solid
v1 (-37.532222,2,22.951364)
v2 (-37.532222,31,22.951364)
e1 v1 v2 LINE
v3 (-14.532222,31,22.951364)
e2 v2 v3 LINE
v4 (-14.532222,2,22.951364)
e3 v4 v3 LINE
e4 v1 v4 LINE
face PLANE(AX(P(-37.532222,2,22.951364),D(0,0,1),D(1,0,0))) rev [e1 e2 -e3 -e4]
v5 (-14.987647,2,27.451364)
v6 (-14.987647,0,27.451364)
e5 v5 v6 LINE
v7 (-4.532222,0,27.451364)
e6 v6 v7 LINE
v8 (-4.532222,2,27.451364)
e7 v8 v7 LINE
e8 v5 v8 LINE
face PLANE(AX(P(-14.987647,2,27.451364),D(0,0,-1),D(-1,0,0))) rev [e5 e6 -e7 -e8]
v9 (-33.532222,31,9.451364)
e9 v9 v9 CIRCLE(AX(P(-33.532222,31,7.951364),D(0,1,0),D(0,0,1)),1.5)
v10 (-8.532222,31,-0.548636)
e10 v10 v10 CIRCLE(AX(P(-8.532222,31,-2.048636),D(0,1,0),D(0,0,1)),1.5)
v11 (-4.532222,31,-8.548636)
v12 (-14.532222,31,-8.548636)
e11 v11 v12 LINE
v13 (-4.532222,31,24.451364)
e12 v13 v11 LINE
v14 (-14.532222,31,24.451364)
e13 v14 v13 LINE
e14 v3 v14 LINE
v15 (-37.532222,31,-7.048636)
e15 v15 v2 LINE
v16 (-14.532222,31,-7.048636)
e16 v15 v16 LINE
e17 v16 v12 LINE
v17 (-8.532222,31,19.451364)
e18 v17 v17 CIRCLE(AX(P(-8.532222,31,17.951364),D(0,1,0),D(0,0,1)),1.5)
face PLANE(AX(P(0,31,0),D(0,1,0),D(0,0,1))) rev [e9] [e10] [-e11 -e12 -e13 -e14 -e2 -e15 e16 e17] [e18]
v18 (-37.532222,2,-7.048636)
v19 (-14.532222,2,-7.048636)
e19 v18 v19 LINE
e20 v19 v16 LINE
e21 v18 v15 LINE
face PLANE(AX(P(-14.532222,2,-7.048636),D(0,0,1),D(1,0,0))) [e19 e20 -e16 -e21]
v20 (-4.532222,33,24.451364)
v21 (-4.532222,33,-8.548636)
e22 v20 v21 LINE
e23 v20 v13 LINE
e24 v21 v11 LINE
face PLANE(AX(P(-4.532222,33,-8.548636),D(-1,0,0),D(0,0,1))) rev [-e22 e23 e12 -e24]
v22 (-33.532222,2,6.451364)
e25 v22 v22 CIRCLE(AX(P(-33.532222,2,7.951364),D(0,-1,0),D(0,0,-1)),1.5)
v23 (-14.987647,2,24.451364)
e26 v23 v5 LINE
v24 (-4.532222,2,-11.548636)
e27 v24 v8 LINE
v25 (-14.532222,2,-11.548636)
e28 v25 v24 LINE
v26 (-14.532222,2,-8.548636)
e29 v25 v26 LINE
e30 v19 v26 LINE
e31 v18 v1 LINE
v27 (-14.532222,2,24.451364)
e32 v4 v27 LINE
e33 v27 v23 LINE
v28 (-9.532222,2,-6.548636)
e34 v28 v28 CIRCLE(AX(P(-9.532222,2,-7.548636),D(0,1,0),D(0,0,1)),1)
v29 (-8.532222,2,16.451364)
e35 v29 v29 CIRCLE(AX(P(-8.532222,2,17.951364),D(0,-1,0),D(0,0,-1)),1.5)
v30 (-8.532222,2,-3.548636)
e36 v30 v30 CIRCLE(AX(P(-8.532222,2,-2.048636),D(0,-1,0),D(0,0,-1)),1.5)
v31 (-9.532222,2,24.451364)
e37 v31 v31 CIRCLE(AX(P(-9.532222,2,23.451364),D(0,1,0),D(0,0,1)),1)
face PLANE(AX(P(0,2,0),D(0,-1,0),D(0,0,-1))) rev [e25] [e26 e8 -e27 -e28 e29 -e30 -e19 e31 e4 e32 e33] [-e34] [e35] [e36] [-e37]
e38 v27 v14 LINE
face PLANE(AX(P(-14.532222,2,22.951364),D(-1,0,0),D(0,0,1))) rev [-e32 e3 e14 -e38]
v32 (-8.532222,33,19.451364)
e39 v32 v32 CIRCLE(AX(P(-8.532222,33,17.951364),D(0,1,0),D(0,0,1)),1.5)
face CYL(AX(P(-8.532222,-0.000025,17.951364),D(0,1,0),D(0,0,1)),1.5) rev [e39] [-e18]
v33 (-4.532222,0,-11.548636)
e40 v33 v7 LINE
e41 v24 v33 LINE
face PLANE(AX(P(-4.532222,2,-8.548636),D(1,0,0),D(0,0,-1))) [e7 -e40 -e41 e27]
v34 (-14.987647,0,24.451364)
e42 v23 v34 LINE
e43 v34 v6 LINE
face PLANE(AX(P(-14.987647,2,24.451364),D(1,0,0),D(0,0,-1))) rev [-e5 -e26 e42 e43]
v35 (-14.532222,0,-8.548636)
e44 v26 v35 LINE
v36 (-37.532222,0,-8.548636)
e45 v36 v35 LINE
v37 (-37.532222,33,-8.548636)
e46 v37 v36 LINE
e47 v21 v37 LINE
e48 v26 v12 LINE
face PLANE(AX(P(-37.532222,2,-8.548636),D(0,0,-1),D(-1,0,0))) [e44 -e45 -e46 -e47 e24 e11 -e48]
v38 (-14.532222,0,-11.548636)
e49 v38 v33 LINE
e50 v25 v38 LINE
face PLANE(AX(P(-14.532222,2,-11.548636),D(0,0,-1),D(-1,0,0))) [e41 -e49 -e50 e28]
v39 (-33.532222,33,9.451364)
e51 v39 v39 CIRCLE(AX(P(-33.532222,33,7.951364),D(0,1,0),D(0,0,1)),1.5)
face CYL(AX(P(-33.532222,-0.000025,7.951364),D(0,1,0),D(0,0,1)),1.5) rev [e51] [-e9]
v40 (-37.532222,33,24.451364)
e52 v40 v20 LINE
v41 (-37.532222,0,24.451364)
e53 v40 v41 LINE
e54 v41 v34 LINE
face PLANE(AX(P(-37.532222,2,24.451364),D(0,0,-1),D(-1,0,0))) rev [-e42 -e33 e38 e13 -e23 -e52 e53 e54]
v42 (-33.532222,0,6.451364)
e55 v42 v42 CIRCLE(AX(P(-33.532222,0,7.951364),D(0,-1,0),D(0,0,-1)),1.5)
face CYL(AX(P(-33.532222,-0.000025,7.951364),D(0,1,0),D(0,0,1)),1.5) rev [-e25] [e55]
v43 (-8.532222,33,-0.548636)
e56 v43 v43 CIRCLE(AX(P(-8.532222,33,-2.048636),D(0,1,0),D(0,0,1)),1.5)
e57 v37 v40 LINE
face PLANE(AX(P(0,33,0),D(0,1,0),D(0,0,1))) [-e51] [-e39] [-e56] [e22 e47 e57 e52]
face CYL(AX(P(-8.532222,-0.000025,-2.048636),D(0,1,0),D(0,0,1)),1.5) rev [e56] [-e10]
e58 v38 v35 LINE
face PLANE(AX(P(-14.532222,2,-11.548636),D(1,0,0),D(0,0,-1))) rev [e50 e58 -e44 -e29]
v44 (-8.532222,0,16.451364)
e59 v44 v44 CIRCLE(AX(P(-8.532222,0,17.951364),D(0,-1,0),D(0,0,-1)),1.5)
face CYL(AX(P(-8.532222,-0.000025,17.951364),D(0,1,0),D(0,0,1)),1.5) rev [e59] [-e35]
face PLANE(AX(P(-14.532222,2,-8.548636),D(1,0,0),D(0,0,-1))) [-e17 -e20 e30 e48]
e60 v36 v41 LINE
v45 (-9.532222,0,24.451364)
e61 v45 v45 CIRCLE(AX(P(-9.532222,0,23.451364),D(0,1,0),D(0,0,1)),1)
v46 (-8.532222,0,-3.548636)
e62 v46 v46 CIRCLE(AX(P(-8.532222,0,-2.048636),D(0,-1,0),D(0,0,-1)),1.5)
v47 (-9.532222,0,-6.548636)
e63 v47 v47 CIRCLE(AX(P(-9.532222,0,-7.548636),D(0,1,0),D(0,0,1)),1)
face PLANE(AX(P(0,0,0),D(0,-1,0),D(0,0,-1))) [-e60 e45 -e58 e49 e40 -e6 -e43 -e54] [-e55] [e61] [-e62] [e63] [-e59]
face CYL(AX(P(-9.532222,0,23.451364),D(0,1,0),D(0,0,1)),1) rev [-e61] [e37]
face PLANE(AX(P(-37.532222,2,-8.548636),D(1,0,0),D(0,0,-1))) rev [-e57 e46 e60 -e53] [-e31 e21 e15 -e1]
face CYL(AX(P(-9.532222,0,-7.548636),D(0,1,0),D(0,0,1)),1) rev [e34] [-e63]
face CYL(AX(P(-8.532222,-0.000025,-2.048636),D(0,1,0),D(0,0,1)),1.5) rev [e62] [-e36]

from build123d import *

# Parameters (mm, degrees)
SKETCH1_W           = 10.455425194
SKETCH1_H           = 3
SKETCH1_W_2         = 10
BOSS_EXTRUDE1_DEPTH = 2
SKETCH2_R           = 1
CUT_EXTRUDE2_DEPTH  = 47.542938032
BOSS_EXTRUDE3_DEPTH = 29
SKETCH3_W           = 33
SKETCH3_H           = 33
BOSS_EXTRUDE4_DEPTH = 2
SKETCH4_R           = 1.5
CUT_EXTRUDE4_DEPTH  = 58.019690289


with BuildPart() as part:
    # Sketch1 → Boss-Extrude1 (new body)
    with BuildSketch(Plane(origin=(0, 0, 0), x_dir=(1, 0, 0), z_dir=(0, 1, 0))):
        Polygon((-37.532221957, -24.451364186), (-14.987647151, -24.451364186), (-4.532221957, -24.451364186), (-4.532221957, 8.548635814), (-14.532221957, 8.548635814), (-37.532221957, 8.548635814), align=None)
        with Locations((-9.759934554, -25.951364186)):
            Rectangle(SKETCH1_W, SKETCH1_H)
        with Locations((-9.532221957, 10.048635814)):
            Rectangle(SKETCH1_W_2, SKETCH1_H)
    extrude(amount=BOSS_EXTRUDE1_DEPTH)

    # Sketch2 → Cut-Extrude2 (cut, through all)
    with BuildSketch(Plane(origin=(0, 2, 0), x_dir=(1, 0, 0), z_dir=(0, 1, 0))):
        with Locations(Location((-9.532221957, 7.548635814, 0), (0, 0, 270))):
            Circle(SKETCH2_R)
        with Locations(Location((-9.532221957, -23.451364186, 0), (0, 0, 270))):
            Circle(SKETCH2_R)
    extrude(amount=-CUT_EXTRUDE2_DEPTH, mode=Mode.SUBTRACT)

    # 3DSketch1 → Boss-Extrude3 (add)
    with BuildSketch(Plane(origin=(-37.532221957, 2, 22.951364186), x_dir=(0.589695128953028, 0, -0.8076259374791475), z_dir=(0, -1, 0))):
        Polygon((0, 0), (-1.211438906, 0.884542693), (12.35154906, 19.459939255), (13.562987966, 18.575396562), align=None)
        Polygon((39.003204997, 0), (37.79176609, 0.884542693), (24.228778124, -17.690853869), (25.440217031, -18.575396562), align=None)
    extrude(amount=-BOSS_EXTRUDE3_DEPTH)

    # Sketch3 → Boss-Extrude4 (add)
    with BuildSketch(Plane(origin=(0, 31, 0), x_dir=(1, 0, 0), z_dir=(0, 1, 0))):
        with Locations((-21.032221957, -7.951364186)):
            Rectangle(SKETCH3_W, SKETCH3_H)
    extrude(amount=BOSS_EXTRUDE4_DEPTH)

    # Sketch4 → Cut-Extrude4 (cut, through all)
    with BuildSketch(Plane(origin=(0, 33, 0), x_dir=(1, 0, 0), z_dir=(0, 1, 0))):
        with Locations(Location((-8.532221957, -17.951364186, 0), (0, 0, 270))):
            Circle(SKETCH4_R)
        with Locations(Location((-8.532221957, 2.048635814, 0), (0, 0, 270))):
            Circle(SKETCH4_R)
        with Locations(Location((-33.532221957, -7.951364186, 0), (0, 0, 270))):
            Circle(SKETCH4_R)
    extrude(amount=-CUT_EXTRUDE4_DEPTH, mode=Mode.SUBTRACT)


solid = part.part
